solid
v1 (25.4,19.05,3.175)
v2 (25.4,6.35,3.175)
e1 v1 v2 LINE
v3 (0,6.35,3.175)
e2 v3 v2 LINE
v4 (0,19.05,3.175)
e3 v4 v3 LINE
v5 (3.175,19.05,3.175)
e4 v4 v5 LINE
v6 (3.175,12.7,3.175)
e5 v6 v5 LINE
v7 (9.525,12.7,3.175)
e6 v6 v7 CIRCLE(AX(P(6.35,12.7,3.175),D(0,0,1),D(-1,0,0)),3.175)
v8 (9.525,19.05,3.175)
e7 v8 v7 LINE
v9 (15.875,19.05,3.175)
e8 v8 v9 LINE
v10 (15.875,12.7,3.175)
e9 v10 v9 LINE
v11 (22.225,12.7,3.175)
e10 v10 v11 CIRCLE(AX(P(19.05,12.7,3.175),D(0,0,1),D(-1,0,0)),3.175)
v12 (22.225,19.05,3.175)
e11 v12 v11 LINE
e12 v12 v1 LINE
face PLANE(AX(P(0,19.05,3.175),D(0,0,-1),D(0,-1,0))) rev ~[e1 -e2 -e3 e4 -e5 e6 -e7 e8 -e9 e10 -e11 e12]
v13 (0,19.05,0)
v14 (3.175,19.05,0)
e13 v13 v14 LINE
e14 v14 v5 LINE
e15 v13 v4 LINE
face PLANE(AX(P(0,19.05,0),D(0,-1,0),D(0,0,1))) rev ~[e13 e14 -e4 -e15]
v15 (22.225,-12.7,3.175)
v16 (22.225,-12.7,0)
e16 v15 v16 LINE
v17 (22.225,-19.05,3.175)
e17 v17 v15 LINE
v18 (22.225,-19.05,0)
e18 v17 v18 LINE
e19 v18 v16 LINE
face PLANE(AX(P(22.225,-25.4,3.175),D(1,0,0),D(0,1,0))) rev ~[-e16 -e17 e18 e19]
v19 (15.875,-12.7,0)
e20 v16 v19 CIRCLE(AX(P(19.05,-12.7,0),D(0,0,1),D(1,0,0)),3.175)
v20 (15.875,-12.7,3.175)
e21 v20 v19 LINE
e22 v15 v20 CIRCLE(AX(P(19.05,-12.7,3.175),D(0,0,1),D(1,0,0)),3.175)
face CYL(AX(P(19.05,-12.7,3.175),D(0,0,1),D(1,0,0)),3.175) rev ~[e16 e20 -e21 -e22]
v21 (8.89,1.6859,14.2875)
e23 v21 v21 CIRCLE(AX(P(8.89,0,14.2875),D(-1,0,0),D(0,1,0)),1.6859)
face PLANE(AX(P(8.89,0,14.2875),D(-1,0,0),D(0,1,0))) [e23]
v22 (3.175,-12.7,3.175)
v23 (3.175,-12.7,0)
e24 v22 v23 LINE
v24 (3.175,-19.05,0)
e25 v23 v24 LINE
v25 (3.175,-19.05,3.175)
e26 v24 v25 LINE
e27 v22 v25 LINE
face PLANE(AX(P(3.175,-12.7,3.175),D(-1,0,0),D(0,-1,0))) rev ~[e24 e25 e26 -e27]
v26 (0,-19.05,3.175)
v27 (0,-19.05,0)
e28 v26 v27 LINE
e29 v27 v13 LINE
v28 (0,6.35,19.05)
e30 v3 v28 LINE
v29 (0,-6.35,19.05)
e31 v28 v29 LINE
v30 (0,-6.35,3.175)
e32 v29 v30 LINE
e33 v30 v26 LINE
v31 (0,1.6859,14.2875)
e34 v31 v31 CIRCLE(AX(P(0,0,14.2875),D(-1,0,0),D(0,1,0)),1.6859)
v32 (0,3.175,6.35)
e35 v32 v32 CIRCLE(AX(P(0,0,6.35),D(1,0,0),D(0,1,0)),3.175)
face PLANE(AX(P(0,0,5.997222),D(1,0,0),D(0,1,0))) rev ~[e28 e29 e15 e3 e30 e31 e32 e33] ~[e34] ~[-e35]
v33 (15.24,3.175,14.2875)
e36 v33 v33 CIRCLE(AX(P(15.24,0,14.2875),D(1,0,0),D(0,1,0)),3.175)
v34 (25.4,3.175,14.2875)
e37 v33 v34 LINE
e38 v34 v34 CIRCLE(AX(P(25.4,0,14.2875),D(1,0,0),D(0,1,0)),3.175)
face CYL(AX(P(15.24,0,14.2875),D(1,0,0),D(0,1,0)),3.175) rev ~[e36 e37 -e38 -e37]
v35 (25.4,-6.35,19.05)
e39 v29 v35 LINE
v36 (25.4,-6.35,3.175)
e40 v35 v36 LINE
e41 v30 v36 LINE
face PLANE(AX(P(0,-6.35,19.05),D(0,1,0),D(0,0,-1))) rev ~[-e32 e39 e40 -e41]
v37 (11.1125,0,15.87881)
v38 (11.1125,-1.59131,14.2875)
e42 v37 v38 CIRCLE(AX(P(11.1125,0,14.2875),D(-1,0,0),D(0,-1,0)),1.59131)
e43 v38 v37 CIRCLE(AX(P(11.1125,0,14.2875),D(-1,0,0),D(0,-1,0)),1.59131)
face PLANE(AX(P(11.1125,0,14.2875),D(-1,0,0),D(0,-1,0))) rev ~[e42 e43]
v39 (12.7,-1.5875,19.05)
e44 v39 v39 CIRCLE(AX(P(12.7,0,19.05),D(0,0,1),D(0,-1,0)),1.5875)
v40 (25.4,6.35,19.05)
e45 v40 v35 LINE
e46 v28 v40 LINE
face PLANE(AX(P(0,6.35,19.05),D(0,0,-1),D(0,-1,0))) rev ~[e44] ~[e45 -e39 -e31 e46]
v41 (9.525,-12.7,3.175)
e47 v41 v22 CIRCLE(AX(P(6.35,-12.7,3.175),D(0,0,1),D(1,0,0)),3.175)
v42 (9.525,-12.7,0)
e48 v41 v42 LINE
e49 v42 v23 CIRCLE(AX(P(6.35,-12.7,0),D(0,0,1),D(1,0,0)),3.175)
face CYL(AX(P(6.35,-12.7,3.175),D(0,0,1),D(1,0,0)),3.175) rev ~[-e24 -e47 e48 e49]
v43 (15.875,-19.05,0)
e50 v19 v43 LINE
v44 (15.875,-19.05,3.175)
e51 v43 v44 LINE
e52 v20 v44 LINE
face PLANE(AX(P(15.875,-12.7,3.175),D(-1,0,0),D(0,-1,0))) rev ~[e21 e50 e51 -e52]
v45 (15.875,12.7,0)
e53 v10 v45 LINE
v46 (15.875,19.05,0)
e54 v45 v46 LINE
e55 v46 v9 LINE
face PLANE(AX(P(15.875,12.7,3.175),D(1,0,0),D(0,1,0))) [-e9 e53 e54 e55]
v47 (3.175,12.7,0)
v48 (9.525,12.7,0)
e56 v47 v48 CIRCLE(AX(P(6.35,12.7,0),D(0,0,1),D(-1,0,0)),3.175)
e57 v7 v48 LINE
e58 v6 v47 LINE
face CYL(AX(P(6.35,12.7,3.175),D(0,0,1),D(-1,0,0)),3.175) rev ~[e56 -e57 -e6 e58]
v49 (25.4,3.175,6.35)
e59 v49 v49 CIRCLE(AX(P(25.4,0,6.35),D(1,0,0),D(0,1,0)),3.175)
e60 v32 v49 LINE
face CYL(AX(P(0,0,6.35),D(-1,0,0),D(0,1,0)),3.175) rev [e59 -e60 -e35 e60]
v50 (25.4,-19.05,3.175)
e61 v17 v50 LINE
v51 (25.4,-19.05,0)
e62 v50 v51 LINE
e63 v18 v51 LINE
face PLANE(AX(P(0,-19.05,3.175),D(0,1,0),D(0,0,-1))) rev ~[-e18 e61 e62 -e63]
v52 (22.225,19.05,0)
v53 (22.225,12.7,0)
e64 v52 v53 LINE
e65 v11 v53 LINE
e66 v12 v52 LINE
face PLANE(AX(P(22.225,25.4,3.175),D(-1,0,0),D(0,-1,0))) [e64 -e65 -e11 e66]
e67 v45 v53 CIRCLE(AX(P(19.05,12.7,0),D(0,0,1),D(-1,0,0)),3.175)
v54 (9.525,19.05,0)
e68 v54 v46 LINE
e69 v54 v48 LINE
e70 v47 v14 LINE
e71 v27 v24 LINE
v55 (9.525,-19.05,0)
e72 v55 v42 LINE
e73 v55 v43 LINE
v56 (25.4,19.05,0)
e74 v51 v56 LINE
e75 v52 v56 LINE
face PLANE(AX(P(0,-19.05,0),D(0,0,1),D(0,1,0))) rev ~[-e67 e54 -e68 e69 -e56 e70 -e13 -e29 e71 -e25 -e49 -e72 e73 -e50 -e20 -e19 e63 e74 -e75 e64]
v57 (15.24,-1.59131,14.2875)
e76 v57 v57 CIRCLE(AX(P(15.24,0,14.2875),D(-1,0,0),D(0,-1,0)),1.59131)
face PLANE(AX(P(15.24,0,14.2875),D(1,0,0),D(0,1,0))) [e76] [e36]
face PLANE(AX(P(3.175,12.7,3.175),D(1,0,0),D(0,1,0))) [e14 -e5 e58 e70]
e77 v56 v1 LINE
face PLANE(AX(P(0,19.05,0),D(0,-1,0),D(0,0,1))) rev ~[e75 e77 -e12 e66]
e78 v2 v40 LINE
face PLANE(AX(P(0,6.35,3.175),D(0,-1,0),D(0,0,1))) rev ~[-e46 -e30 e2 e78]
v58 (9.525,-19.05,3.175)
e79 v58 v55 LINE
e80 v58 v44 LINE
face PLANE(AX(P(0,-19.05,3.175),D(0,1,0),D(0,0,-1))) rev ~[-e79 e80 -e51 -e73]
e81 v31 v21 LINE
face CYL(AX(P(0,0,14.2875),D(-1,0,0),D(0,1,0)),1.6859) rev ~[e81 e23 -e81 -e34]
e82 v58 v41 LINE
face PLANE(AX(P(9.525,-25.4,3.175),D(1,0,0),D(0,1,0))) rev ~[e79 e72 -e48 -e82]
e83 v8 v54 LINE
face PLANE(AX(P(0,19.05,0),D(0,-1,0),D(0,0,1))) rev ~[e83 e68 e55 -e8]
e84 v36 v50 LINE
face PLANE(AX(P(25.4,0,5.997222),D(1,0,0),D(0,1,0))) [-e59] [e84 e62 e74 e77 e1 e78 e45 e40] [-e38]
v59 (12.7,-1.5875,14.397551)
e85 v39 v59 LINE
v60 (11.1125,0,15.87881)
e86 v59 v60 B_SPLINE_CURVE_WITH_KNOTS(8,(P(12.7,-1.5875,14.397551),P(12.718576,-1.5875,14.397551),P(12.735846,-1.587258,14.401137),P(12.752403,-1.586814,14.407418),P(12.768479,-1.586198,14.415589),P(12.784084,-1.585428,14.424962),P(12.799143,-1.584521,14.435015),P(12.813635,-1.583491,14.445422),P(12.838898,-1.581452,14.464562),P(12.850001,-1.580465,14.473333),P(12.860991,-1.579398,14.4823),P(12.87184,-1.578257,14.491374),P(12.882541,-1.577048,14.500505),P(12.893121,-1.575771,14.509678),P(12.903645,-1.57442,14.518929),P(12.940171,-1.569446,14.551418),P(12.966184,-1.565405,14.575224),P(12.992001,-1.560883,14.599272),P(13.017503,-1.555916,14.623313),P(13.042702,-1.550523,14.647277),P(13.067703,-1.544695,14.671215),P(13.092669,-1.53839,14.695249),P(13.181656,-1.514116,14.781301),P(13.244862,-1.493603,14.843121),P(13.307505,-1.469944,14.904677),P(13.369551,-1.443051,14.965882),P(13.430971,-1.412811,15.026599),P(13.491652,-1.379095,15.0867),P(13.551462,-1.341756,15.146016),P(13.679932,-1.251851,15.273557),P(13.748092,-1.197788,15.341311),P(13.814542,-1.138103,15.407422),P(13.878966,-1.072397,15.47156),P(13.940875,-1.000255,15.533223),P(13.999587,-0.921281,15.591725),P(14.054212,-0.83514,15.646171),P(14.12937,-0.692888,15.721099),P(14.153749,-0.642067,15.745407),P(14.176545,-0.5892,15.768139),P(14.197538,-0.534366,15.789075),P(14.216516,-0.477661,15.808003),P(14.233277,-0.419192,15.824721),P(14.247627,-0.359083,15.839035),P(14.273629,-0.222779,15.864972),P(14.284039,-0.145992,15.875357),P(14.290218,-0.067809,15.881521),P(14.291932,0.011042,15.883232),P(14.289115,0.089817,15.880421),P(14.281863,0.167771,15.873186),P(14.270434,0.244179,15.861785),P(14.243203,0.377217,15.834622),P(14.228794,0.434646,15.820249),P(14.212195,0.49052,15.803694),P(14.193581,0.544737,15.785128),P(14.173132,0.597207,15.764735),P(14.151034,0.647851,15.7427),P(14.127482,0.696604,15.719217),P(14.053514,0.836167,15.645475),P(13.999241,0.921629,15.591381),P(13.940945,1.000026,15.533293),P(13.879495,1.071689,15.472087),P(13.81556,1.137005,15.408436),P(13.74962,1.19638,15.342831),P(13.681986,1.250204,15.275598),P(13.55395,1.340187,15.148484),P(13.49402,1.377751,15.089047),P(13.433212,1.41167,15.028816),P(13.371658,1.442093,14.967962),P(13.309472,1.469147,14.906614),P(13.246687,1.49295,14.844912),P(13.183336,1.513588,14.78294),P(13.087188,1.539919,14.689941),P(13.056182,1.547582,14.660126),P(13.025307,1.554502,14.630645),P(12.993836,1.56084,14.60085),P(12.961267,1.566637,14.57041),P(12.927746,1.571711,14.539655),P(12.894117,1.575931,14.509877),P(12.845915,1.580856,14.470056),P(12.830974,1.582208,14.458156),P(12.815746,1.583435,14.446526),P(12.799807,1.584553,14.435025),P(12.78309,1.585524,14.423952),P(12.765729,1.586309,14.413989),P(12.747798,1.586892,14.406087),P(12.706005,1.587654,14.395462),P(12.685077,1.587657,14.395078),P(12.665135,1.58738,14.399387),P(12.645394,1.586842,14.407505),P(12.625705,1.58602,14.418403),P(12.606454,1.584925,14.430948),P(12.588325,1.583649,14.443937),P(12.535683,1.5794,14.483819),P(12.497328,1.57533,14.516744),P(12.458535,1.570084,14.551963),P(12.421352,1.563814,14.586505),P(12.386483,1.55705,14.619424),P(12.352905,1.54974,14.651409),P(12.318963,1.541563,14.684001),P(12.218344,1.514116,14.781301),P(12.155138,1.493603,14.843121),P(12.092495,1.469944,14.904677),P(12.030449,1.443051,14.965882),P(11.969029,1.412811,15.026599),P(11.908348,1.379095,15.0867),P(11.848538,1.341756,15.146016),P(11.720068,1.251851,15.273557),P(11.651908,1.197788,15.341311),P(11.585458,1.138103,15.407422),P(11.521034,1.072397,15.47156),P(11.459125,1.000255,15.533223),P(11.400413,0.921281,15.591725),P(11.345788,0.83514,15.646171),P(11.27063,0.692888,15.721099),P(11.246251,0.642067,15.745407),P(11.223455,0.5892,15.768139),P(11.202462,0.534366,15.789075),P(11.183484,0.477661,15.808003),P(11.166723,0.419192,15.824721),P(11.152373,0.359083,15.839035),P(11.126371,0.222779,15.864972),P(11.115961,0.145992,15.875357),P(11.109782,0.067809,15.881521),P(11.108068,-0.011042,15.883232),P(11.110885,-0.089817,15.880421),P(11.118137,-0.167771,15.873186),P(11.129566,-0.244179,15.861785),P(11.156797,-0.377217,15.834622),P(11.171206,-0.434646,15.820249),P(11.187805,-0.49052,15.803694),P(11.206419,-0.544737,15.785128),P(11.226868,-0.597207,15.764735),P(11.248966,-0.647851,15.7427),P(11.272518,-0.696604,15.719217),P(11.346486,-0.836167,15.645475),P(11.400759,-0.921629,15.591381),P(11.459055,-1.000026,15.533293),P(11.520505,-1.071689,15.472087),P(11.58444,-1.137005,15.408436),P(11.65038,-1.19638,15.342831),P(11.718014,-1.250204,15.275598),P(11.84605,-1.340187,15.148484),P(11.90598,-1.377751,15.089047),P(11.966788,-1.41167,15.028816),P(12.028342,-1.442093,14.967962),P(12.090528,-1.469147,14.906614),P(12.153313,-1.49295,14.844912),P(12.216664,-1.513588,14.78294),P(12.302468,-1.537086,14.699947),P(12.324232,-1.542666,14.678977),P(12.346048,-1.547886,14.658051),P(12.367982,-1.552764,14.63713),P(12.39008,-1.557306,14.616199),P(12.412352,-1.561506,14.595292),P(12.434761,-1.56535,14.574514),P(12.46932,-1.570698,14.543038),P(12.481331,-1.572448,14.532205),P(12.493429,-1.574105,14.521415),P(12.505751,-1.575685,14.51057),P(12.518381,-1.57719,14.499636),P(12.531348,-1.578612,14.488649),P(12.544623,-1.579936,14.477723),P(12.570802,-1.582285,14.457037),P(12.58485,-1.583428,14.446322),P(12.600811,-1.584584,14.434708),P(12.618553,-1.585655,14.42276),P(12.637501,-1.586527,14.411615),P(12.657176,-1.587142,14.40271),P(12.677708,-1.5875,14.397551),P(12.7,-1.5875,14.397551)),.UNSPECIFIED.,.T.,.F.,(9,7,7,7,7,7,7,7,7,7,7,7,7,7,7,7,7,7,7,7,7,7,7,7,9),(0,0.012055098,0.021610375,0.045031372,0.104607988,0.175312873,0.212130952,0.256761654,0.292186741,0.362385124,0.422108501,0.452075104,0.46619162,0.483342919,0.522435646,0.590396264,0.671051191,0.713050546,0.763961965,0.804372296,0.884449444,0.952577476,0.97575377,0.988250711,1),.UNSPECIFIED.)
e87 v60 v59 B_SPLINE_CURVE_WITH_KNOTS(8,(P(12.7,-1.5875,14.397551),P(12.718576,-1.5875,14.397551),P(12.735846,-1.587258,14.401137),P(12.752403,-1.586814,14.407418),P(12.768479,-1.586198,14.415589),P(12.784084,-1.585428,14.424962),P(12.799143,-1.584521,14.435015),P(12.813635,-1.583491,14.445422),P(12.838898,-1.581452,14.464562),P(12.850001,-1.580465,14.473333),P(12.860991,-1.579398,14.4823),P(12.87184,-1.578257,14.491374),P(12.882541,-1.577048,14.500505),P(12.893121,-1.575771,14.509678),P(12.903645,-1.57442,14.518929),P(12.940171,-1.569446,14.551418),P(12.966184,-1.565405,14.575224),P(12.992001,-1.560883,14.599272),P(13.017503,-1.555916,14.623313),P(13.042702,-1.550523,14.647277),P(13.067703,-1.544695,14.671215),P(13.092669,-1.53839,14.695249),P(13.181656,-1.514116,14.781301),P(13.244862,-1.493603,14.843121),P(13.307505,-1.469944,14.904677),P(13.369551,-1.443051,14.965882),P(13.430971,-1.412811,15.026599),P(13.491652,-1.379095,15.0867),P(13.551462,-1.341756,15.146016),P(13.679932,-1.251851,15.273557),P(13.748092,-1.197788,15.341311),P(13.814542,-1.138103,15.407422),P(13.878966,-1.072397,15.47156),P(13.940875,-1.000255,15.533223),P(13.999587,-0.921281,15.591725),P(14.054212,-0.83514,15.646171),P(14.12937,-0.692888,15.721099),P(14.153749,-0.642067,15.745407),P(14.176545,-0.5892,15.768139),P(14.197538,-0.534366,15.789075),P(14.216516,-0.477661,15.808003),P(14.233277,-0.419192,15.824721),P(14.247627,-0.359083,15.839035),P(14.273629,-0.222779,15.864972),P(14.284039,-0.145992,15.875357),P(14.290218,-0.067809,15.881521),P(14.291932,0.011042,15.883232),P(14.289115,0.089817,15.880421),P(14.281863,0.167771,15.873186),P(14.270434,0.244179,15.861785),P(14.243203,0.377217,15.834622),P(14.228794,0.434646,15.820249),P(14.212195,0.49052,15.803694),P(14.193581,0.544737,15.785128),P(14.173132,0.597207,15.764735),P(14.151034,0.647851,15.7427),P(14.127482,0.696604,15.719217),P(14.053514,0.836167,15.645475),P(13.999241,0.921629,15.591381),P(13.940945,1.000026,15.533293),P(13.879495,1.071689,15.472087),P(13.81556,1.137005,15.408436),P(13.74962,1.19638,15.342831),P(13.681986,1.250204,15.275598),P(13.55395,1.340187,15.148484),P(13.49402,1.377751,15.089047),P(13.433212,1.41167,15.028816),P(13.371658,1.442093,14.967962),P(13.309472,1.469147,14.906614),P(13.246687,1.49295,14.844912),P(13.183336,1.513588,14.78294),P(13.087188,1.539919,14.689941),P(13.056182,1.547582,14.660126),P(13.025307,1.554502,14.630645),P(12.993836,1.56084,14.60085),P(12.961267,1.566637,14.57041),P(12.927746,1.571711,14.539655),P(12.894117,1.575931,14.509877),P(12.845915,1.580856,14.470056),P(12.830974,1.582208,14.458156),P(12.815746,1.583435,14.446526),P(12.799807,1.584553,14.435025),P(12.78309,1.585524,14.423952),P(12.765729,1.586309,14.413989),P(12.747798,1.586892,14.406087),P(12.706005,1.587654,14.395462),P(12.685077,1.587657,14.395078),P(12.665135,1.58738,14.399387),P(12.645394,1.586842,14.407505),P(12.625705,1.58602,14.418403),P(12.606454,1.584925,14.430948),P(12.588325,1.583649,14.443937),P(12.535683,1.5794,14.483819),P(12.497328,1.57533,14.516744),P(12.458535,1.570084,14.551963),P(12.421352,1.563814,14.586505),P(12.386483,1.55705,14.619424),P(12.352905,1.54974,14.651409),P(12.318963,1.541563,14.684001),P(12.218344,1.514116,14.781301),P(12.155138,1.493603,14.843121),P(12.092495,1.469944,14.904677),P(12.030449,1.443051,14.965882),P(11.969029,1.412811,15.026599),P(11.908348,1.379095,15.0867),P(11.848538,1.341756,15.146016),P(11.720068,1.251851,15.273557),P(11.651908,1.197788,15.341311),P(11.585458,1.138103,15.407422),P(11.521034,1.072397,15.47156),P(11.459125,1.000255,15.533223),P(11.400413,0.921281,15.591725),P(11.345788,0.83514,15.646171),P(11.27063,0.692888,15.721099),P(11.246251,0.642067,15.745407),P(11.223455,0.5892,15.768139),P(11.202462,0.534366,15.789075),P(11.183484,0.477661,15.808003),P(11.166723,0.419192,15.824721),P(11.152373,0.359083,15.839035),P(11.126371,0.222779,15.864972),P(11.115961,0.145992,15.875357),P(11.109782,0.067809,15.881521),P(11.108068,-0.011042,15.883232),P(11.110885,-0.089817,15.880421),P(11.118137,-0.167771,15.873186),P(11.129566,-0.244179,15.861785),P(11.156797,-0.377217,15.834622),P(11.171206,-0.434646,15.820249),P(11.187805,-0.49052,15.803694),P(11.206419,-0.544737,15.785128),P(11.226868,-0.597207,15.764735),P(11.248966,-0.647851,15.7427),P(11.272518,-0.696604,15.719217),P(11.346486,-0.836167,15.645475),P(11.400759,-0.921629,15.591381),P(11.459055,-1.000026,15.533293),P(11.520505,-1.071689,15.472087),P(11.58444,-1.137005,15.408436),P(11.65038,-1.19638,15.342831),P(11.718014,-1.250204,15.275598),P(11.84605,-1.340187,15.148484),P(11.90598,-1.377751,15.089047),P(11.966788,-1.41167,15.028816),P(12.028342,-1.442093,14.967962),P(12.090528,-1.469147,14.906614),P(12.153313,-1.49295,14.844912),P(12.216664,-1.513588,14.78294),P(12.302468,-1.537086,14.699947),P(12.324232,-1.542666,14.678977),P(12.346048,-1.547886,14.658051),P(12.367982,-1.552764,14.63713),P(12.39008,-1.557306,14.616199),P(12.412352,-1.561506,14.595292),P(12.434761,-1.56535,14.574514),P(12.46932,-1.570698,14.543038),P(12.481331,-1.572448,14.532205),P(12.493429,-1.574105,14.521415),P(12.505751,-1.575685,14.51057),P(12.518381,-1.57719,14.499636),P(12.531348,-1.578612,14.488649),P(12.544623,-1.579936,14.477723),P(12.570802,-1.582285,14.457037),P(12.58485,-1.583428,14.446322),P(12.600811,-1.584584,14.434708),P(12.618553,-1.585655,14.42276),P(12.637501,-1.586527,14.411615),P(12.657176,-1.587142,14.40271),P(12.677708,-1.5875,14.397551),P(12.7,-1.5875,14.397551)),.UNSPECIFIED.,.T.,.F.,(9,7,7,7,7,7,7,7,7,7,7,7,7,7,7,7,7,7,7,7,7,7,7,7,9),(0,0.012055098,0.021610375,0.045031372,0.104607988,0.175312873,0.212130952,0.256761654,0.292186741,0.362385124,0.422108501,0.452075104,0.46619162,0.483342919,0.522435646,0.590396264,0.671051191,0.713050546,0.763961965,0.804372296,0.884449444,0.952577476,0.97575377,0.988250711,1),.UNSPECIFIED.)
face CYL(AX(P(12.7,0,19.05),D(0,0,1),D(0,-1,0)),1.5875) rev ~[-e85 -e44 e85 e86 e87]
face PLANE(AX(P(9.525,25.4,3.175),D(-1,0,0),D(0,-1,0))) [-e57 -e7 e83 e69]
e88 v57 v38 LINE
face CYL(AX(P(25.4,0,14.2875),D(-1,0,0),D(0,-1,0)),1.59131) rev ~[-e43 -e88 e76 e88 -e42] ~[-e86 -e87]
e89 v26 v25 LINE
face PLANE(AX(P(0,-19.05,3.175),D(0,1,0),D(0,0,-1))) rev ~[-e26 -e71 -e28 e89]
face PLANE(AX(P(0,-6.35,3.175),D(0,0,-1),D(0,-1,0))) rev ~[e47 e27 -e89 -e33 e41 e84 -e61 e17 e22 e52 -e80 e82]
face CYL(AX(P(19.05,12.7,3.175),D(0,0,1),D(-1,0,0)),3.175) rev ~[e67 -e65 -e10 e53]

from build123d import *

# Parameters (mm, degrees)
SKETCH_R         = 3.175
PAD_DEPTH        = 25.4
SKETCH001_R      = 1.5875
POCKET_DEPTH     = 4.7625
HOLE_D           = 3.18262
HOLE_DEPTH       = 14.2875
HOLE_CBORE_D     = 6.35
HOLE_CBORE_DEPTH = 10.16
POCKET001_DEPTH  = 5
SKETCH004_R      = 1.6859
HOLE001_DEPTH    = 8.89


with BuildPart() as part:
    # Sketch → Pad (new body)
    with BuildSketch(Plane.YZ):
        Polygon((-19.05, 0), (19.05, 0), (19.05, 3.175), (6.35, 3.175), (6.35, 19.05), (-6.35, 19.05), (-6.35, 3.175), (-19.05, 3.175), align=None)
        with Locations((0, 6.35)):
            Circle(SKETCH_R, mode=Mode.SUBTRACT)
    extrude(amount=PAD_DEPTH)

    # Sketch001 (on Face5 of Pad) → Pocket (cut)
    with BuildSketch(Plane(origin=(0, 0, 19.05), x_dir=(0, -1, 0), z_dir=(0, 0, 1))):
        with Locations((0, 12.7)):
            Circle(SKETCH001_R)
    extrude(amount=-POCKET_DEPTH, mode=Mode.SUBTRACT)

    # Hole
    with Locations(Plane.YZ.offset(25.4)):
        with Locations((0, 14.2875)):
            CounterBoreHole(HOLE_D / 2, HOLE_CBORE_D / 2, HOLE_CBORE_DEPTH, depth=HOLE_DEPTH)

    # Sketch003 (on Face7 of Hole) → Pocket001 (cut)
    with BuildSketch(Plane(origin=(0, 0, 3.175), x_dir=(0, -1, 0), z_dir=(0, 0, 1))):
        with BuildLine():
            Line((25.4, 9.525), (12.7, 9.525))
            ThreePointArc((12.7, 9.525), (9.525, 6.35), (12.7, 3.175))
            Line((12.7, 3.175), (25.4, 3.175))
            Line((25.4, 3.175), (25.4, 9.525))
        make_face()
        with BuildLine():
            Line((25.4, 22.225), (12.7, 22.225))
            ThreePointArc((12.7, 22.225), (9.525, 19.05), (12.7, 15.875))
            Line((12.7, 15.875), (25.4, 15.875))
            Line((25.4, 15.875), (25.4, 22.225))
        make_face()
        with BuildLine():
            Line((-25.4, 22.225), (-12.7, 22.225))
            ThreePointArc((-12.7, 15.875), (-9.525, 19.05), (-12.7, 22.225))
            Line((-12.7, 15.875), (-25.4, 15.875))
            Line((-25.4, 15.875), (-25.4, 22.225))
        make_face()
        with BuildLine():
            Line((-25.4, 9.525), (-12.7, 9.525))
            ThreePointArc((-12.7, 3.175), (-9.525, 6.35), (-12.7, 9.525))
            Line((-12.7, 3.175), (-25.4, 3.175))
            Line((-25.4, 3.175), (-25.4, 9.525))
        make_face()
    extrude(amount=-POCKET001_DEPTH, mode=Mode.SUBTRACT)

    # Sketch004 (on Face2 of Pocket001) → Hole001 (cut)
    with BuildSketch(Plane(origin=(0, 0, 0), x_dir=(0, 1, 0), z_dir=(-1, 0, 0))):
        with Locations((0, -14.2875)):
            Circle(SKETCH004_R)
    extrude(amount=-HOLE001_DEPTH, mode=Mode.SUBTRACT)


solid = part.part
